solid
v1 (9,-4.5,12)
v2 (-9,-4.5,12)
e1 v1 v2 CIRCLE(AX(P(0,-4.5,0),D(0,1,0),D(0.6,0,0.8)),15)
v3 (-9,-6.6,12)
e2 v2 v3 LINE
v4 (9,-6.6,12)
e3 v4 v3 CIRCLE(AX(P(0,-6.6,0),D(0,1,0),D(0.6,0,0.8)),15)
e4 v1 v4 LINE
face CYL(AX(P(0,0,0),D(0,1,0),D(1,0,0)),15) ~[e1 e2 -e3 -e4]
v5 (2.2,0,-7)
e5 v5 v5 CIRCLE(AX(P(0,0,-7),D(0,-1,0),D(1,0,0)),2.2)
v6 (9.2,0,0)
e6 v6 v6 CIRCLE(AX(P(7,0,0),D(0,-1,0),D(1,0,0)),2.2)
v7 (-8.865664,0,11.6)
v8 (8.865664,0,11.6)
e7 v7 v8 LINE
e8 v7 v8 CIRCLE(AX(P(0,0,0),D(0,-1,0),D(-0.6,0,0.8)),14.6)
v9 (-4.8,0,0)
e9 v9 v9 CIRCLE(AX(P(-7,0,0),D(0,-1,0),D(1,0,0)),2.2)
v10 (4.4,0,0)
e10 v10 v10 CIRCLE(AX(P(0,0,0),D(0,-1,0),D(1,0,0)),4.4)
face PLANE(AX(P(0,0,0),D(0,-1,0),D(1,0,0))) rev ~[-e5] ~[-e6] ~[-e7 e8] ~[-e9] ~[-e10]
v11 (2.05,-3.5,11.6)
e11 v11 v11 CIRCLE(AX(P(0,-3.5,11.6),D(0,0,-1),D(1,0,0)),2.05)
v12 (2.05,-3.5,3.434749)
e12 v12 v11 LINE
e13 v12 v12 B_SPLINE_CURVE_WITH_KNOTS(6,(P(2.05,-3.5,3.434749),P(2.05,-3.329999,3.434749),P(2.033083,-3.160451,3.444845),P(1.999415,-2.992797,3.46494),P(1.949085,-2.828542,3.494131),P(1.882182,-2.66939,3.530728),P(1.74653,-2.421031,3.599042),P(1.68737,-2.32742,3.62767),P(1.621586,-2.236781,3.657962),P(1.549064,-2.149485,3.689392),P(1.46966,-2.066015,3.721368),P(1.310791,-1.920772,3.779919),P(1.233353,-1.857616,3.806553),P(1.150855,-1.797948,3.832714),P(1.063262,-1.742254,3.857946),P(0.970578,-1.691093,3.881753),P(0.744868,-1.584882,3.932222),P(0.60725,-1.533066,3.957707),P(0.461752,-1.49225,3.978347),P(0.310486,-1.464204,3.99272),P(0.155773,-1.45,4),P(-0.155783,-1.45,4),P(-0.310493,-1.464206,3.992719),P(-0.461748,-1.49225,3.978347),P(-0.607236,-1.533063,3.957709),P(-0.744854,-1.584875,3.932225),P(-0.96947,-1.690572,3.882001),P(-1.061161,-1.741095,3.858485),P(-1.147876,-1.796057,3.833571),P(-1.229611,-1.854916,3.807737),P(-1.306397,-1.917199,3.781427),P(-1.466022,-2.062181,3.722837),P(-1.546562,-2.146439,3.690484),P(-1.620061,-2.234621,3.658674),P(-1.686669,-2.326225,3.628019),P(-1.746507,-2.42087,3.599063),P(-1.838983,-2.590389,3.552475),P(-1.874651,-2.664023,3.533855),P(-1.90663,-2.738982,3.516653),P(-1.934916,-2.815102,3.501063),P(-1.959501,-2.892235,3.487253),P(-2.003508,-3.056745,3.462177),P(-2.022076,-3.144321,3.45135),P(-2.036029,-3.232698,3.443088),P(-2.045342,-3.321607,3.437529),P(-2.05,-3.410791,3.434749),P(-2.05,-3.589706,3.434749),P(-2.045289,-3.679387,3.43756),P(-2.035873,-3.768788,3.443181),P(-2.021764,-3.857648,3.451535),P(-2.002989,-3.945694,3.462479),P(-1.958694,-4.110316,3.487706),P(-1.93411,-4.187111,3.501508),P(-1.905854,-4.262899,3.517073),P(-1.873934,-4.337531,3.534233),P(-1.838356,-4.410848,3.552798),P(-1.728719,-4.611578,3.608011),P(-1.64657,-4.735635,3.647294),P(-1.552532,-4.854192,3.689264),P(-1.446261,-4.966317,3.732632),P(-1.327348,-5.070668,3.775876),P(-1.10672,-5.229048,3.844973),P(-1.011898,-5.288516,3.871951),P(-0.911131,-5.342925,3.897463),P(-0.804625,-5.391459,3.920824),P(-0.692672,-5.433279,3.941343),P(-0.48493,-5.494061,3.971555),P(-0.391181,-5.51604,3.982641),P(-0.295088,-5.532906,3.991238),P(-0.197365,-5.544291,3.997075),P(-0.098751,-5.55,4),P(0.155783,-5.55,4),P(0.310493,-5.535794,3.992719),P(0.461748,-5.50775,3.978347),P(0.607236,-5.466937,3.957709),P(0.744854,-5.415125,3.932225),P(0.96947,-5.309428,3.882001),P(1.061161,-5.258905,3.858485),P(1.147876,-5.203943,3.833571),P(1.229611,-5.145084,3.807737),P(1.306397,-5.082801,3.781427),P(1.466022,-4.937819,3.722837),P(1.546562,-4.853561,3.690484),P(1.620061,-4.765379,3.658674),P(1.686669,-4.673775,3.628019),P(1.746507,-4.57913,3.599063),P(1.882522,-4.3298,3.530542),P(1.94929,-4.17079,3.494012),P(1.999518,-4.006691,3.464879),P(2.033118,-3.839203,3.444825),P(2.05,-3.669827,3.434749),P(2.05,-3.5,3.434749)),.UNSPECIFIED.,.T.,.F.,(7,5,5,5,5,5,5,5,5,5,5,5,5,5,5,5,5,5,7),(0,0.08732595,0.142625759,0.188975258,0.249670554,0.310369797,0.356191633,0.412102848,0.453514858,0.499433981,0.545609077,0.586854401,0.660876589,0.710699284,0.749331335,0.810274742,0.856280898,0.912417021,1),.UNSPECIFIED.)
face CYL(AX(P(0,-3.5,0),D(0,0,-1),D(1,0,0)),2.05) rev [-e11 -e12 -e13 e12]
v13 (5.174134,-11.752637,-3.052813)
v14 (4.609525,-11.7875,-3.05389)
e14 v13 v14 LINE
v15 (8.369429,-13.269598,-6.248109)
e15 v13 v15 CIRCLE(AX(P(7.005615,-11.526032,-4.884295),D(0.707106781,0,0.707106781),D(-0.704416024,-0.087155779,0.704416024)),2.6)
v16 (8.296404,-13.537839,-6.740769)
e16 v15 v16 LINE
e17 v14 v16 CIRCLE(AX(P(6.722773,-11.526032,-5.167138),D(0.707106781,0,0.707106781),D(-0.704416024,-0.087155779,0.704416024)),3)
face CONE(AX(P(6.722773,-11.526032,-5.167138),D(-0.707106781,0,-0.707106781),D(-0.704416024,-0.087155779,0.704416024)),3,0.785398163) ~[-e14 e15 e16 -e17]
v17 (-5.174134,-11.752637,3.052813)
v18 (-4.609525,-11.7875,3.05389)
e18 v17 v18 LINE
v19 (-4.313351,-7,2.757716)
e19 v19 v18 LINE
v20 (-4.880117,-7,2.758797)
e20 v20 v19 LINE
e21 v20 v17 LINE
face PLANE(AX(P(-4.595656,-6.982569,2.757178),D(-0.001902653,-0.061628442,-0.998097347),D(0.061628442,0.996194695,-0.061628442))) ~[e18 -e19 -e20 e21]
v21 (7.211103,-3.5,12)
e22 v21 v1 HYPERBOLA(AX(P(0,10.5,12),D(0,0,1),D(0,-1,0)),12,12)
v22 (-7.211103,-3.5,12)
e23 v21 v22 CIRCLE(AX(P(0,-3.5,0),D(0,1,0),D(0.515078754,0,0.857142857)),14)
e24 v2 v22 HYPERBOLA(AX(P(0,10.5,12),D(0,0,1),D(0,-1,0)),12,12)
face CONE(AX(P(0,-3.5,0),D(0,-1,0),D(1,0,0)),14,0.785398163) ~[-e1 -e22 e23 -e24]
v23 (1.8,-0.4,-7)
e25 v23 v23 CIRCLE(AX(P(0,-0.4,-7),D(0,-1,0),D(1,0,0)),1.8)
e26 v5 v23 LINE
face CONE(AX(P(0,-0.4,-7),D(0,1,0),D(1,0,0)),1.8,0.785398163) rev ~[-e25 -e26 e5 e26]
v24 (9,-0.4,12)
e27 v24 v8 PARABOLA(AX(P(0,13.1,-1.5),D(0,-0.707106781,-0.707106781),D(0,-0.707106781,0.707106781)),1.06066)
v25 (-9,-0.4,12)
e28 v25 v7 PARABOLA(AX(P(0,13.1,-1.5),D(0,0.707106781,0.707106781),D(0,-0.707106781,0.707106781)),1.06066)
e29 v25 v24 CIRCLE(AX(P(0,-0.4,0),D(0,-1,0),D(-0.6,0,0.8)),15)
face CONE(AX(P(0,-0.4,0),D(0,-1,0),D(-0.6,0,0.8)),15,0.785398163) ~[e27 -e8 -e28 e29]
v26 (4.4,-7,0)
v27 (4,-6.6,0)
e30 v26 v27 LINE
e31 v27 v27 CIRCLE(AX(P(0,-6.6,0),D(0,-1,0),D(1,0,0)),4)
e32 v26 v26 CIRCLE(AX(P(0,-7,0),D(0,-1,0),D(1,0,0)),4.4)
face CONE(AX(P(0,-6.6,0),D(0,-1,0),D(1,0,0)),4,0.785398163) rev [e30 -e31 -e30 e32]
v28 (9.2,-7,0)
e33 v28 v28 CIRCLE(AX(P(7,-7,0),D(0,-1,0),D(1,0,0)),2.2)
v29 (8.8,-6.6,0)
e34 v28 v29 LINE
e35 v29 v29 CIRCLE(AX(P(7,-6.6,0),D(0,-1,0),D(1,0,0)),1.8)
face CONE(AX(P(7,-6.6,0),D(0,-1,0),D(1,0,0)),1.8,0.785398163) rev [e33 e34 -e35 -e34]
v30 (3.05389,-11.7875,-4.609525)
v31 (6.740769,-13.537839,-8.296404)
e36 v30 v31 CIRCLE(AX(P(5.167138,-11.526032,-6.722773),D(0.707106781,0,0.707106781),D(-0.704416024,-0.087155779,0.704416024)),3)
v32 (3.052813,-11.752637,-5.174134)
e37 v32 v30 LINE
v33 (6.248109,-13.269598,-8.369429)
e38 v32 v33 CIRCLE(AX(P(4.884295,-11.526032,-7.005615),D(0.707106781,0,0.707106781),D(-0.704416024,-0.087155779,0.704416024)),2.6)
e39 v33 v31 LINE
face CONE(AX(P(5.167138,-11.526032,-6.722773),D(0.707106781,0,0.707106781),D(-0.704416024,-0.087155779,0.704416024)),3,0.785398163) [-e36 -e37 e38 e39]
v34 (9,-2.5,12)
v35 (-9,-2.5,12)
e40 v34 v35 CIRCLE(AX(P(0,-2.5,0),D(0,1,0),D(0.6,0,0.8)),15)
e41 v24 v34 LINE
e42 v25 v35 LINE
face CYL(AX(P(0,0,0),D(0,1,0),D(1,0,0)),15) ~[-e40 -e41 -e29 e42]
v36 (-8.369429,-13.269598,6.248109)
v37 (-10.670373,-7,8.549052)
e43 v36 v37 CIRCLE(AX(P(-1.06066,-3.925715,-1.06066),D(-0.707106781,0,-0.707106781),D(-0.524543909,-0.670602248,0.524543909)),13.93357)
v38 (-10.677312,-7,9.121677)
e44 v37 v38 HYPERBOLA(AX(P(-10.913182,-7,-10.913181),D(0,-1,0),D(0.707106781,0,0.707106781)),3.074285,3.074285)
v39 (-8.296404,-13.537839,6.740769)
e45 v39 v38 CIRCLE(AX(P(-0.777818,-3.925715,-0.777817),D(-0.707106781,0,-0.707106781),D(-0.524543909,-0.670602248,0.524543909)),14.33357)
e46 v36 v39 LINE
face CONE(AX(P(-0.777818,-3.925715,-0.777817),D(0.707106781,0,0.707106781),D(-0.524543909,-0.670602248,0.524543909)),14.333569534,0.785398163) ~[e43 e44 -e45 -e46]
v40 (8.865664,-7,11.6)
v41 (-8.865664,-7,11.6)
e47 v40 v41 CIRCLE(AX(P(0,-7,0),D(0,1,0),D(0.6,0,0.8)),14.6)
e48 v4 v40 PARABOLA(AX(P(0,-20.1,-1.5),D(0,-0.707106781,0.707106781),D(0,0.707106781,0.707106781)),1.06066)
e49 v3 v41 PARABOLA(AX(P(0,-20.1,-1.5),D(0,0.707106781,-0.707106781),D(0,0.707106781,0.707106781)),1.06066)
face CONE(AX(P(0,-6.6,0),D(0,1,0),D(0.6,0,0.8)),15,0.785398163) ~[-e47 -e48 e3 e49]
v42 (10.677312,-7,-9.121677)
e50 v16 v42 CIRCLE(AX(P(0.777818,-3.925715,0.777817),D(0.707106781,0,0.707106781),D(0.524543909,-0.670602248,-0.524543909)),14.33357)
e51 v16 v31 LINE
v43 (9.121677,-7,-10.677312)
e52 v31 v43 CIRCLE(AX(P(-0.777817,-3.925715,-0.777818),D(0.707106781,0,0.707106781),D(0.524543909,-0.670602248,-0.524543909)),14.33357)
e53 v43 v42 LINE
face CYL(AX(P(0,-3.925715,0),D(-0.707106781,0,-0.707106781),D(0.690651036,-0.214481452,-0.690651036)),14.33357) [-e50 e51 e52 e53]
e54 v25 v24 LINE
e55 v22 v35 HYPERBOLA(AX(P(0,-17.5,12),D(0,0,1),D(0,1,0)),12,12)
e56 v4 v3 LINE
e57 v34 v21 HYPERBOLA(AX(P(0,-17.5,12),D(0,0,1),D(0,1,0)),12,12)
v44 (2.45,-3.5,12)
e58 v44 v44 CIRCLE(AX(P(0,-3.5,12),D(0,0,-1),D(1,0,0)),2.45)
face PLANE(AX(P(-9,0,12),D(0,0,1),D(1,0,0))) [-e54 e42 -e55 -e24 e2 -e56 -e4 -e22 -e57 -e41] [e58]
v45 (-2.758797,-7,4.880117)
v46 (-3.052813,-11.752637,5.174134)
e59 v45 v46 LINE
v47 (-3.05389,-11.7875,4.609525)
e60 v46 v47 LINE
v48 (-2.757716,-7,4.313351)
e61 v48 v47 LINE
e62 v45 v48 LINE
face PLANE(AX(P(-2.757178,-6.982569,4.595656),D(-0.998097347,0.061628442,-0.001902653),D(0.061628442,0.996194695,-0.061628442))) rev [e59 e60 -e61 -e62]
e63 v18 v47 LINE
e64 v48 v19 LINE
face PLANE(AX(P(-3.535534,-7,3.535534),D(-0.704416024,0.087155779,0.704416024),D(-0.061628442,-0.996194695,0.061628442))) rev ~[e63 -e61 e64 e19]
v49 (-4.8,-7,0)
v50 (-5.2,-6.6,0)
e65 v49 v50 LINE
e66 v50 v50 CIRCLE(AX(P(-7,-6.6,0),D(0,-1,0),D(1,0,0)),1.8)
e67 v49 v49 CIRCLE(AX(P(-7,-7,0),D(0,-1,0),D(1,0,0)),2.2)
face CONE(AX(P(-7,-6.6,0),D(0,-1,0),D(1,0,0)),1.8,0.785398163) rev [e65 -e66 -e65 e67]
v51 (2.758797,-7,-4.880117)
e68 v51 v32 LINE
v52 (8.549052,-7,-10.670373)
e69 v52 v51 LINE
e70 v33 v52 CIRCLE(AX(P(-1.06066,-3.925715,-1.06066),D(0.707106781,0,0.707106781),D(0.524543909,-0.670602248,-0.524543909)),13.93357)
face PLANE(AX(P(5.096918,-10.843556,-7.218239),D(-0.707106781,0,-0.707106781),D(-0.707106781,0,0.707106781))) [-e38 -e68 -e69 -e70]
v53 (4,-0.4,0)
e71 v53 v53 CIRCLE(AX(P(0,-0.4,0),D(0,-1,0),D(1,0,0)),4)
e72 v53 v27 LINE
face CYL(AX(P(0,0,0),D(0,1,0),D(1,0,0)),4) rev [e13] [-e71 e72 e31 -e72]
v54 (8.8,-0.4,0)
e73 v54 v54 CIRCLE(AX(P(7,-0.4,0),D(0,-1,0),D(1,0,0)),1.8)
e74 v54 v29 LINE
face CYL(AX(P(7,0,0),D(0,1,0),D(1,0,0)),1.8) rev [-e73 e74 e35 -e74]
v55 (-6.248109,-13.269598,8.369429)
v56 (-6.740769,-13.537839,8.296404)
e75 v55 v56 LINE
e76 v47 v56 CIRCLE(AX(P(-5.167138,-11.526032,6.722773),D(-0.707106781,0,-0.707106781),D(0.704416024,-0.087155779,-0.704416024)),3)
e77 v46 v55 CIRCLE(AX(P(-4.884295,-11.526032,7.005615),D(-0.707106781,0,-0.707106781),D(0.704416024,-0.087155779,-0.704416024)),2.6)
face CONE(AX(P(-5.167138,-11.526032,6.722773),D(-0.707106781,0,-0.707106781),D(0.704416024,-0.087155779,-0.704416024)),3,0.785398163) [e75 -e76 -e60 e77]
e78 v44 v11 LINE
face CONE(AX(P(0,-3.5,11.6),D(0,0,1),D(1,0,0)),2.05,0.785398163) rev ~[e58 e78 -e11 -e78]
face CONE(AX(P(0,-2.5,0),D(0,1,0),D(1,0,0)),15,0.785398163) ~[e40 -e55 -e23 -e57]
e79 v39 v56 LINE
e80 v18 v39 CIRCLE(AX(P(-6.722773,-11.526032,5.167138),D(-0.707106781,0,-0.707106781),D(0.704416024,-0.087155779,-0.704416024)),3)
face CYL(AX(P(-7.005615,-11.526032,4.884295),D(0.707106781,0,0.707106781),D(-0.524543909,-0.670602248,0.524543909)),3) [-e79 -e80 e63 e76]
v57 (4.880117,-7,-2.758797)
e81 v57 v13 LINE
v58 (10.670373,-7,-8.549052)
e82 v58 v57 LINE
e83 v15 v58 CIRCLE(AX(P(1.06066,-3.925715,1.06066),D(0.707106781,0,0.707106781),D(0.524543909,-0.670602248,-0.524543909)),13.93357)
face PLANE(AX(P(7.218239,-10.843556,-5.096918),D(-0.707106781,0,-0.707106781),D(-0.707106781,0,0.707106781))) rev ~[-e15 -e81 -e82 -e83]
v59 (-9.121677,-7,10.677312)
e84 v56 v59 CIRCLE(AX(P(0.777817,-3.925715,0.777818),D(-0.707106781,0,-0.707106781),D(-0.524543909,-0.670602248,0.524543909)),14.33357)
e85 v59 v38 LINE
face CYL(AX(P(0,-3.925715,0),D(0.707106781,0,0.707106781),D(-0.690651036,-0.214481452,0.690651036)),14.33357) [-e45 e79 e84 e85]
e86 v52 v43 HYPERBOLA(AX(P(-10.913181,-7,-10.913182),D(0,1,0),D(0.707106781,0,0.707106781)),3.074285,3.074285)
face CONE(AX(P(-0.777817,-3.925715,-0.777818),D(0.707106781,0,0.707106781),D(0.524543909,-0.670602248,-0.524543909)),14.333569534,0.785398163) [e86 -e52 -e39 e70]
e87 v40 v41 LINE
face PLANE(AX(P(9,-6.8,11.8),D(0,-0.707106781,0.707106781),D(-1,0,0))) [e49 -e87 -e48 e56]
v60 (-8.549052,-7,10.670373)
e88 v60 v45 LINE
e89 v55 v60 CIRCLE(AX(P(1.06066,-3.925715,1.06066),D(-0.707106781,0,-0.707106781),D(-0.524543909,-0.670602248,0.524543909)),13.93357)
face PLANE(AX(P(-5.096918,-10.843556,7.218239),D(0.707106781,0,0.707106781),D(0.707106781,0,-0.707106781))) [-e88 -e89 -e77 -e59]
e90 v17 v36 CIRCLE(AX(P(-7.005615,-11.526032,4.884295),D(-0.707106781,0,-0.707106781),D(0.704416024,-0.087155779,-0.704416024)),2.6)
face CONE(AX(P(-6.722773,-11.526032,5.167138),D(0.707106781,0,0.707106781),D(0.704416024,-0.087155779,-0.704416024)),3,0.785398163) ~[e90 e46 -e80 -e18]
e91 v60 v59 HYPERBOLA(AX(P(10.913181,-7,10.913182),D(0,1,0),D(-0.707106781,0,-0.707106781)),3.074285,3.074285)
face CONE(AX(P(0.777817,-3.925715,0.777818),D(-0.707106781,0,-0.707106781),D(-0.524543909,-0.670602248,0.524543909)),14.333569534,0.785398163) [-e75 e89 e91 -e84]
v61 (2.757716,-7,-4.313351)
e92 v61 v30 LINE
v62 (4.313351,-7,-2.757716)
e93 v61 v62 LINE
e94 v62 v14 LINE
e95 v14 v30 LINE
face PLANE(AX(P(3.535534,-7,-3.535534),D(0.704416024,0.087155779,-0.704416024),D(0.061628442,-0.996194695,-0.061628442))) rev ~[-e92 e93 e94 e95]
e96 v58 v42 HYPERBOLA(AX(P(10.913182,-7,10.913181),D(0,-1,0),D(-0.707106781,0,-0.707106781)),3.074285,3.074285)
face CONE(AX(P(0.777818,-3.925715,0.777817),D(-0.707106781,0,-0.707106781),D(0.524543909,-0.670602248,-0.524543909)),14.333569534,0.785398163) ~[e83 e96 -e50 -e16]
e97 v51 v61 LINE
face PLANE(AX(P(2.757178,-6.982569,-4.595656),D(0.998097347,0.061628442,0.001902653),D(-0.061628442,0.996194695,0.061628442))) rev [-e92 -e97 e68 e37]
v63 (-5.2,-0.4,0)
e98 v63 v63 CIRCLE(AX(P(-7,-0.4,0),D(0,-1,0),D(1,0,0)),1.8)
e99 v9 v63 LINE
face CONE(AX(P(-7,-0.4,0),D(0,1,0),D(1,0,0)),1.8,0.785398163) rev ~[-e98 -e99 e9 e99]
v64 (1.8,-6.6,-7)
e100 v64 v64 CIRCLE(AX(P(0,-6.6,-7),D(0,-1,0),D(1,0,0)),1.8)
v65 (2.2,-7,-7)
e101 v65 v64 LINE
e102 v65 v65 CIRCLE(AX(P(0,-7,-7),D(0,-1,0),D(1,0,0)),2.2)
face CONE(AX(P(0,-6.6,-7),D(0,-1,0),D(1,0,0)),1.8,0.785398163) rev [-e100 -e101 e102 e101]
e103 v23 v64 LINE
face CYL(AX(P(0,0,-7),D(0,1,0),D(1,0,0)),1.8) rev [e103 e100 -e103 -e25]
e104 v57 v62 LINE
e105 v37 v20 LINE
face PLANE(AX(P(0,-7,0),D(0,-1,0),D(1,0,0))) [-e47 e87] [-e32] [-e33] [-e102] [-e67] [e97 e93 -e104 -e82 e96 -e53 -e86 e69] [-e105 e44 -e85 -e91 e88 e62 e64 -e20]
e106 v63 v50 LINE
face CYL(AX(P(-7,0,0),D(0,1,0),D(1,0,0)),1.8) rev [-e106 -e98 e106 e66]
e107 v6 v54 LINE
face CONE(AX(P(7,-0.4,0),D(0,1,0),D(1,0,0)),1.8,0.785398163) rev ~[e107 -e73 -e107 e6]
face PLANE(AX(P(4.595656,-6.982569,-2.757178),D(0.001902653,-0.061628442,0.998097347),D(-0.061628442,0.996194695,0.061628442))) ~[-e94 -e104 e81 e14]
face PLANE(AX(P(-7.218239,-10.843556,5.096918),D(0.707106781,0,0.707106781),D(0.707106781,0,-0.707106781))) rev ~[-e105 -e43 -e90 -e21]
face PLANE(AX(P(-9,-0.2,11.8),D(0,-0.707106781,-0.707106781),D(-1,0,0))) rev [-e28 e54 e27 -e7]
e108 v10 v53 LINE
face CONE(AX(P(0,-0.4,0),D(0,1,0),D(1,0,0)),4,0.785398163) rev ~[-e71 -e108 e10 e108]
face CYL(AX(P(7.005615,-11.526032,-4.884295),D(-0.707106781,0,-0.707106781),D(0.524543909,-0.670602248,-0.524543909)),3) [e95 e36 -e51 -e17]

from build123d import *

# Parameters (mm, degrees)
SKETCH017_R        = 15
SKETCH017_R_2      = 4
SKETCH017_R_3      = 1.8
PAD005_DEPTH       = 7
SKETCH020_W        = 18
SKETCH020_H        = 3
POCKET010_DEPTH    = 7.001
SKETCH021_R        = 2.05
POCKET011_DEPTH    = 12.001
CHAMFER009_SIZE    = 0.4
PAD023_DEPTH       = 1.5
POLARPATTERN_COUNT = 2
FILLET020_R        = 3
CHAMFER037_SIZE    = 0.4


with BuildPart() as part:
    # Sketch017 → Pad005 (new body)
    with BuildSketch(Plane.XZ):
        Circle(SKETCH017_R)
        Circle(SKETCH017_R_2, mode=Mode.SUBTRACT)
        with Locations((-7, 0)):
            Circle(SKETCH017_R_3, mode=Mode.SUBTRACT)
        with Locations((0, -7)):
            Circle(SKETCH017_R_3, mode=Mode.SUBTRACT)
        with Locations((7, 0)):
            Circle(SKETCH017_R_3, mode=Mode.SUBTRACT)
    extrude(amount=PAD005_DEPTH)

    # Sketch018 → Groove (revolve, cut)
    with BuildSketch(Plane.XY):
        Polygon((15, -2.5), (14, -3.5), (15, -4.5), align=None)
    revolve(axis=Axis((0, 0, 0), (0, 1, 0)), mode=Mode.SUBTRACT)

    # Sketch020 → Pocket010 (cut, through all)
    with BuildSketch(Plane.XZ):
        with Locations((0, 13.5)):
            Rectangle(SKETCH020_W, SKETCH020_H)
    extrude(amount=POCKET010_DEPTH, mode=Mode.SUBTRACT)

    # Sketch021 → Pocket011 (cut, through all)
    with BuildSketch(Plane.XY):
        with Locations((0, -3.5)):
            Circle(SKETCH021_R)
    extrude(amount=POCKET011_DEPTH, mode=Mode.SUBTRACT)

    # Chamfer009
    chamfer009_edges = [part.edges().sort_by_distance(p)[0] for p in [
        (-2.05, -3.5, 12),
        (13.416408, 0, 6.708204),
        (0, 0, 12),
        (-6.708204, 0, -13.416408),
        (-8.8, 0, 0),
        (-1.8, 0, -7),
        (-4, 0, 0),
        (5.2, 0, 0),
        (13.416408, -7, 6.708204),
        (0, -7, 12),
        (-6.708204, -7, -13.416408),
        (-8.8, -7, 0),
        (-1.8, -7, -7),
        (-4, -7, 0),
        (5.2, -7, 0),
    ]]
    chamfer(chamfer009_edges, length=CHAMFER009_SIZE)

    # Sketch055 (on Plane of DatumPlane001) → Pad023 (join, symmetric)
    with BuildSketch(Plane(origin=(0, 0, 0), x_dir=(0.707107, 0, -0.707107), z_dir=(0.707107, 0, 0.707107))):
        with BuildLine():
            ThreePointArc((-14, -7), (-11.124423, -12.964434), (-5.874887, -17))
            Line((-5, -7), (-5.874887, -17))
            Line((-14, -7), (-5, -7))
        make_face()
    pad023 = extrude(amount=PAD023_DEPTH, both=True)

    # PolarPattern: Pad023 ×2 about axis
    polarpattern_axis = Axis((0, 0, 0), (0, 1, 0))
    for i in range(1, POLARPATTERN_COUNT):
        add(pad023.rotate(polarpattern_axis, i * 360 / POLARPATTERN_COUNT))

    # Fillet020
    fillet020_edges = [part.edges().sort_by_distance(p)[0] for p in [
        (-4.154172, -17, 4.154172),
        (4.154172, -17, -4.154172),
    ]]
    fillet(fillet020_edges, radius=FILLET020_R)

    # Chamfer037
    chamfer037_edges = [part.edges().sort_by_distance(p)[0] for p in [
        (2.62296, -9.39375, -4.744281),
        (4.744281, -9.39375, -2.62296),
        (-4.744281, -9.39375, 2.62296),
        (-2.62296, -9.39375, 4.744281),
    ]]
    chamfer(chamfer037_edges, length=CHAMFER037_SIZE)


solid = part.part
